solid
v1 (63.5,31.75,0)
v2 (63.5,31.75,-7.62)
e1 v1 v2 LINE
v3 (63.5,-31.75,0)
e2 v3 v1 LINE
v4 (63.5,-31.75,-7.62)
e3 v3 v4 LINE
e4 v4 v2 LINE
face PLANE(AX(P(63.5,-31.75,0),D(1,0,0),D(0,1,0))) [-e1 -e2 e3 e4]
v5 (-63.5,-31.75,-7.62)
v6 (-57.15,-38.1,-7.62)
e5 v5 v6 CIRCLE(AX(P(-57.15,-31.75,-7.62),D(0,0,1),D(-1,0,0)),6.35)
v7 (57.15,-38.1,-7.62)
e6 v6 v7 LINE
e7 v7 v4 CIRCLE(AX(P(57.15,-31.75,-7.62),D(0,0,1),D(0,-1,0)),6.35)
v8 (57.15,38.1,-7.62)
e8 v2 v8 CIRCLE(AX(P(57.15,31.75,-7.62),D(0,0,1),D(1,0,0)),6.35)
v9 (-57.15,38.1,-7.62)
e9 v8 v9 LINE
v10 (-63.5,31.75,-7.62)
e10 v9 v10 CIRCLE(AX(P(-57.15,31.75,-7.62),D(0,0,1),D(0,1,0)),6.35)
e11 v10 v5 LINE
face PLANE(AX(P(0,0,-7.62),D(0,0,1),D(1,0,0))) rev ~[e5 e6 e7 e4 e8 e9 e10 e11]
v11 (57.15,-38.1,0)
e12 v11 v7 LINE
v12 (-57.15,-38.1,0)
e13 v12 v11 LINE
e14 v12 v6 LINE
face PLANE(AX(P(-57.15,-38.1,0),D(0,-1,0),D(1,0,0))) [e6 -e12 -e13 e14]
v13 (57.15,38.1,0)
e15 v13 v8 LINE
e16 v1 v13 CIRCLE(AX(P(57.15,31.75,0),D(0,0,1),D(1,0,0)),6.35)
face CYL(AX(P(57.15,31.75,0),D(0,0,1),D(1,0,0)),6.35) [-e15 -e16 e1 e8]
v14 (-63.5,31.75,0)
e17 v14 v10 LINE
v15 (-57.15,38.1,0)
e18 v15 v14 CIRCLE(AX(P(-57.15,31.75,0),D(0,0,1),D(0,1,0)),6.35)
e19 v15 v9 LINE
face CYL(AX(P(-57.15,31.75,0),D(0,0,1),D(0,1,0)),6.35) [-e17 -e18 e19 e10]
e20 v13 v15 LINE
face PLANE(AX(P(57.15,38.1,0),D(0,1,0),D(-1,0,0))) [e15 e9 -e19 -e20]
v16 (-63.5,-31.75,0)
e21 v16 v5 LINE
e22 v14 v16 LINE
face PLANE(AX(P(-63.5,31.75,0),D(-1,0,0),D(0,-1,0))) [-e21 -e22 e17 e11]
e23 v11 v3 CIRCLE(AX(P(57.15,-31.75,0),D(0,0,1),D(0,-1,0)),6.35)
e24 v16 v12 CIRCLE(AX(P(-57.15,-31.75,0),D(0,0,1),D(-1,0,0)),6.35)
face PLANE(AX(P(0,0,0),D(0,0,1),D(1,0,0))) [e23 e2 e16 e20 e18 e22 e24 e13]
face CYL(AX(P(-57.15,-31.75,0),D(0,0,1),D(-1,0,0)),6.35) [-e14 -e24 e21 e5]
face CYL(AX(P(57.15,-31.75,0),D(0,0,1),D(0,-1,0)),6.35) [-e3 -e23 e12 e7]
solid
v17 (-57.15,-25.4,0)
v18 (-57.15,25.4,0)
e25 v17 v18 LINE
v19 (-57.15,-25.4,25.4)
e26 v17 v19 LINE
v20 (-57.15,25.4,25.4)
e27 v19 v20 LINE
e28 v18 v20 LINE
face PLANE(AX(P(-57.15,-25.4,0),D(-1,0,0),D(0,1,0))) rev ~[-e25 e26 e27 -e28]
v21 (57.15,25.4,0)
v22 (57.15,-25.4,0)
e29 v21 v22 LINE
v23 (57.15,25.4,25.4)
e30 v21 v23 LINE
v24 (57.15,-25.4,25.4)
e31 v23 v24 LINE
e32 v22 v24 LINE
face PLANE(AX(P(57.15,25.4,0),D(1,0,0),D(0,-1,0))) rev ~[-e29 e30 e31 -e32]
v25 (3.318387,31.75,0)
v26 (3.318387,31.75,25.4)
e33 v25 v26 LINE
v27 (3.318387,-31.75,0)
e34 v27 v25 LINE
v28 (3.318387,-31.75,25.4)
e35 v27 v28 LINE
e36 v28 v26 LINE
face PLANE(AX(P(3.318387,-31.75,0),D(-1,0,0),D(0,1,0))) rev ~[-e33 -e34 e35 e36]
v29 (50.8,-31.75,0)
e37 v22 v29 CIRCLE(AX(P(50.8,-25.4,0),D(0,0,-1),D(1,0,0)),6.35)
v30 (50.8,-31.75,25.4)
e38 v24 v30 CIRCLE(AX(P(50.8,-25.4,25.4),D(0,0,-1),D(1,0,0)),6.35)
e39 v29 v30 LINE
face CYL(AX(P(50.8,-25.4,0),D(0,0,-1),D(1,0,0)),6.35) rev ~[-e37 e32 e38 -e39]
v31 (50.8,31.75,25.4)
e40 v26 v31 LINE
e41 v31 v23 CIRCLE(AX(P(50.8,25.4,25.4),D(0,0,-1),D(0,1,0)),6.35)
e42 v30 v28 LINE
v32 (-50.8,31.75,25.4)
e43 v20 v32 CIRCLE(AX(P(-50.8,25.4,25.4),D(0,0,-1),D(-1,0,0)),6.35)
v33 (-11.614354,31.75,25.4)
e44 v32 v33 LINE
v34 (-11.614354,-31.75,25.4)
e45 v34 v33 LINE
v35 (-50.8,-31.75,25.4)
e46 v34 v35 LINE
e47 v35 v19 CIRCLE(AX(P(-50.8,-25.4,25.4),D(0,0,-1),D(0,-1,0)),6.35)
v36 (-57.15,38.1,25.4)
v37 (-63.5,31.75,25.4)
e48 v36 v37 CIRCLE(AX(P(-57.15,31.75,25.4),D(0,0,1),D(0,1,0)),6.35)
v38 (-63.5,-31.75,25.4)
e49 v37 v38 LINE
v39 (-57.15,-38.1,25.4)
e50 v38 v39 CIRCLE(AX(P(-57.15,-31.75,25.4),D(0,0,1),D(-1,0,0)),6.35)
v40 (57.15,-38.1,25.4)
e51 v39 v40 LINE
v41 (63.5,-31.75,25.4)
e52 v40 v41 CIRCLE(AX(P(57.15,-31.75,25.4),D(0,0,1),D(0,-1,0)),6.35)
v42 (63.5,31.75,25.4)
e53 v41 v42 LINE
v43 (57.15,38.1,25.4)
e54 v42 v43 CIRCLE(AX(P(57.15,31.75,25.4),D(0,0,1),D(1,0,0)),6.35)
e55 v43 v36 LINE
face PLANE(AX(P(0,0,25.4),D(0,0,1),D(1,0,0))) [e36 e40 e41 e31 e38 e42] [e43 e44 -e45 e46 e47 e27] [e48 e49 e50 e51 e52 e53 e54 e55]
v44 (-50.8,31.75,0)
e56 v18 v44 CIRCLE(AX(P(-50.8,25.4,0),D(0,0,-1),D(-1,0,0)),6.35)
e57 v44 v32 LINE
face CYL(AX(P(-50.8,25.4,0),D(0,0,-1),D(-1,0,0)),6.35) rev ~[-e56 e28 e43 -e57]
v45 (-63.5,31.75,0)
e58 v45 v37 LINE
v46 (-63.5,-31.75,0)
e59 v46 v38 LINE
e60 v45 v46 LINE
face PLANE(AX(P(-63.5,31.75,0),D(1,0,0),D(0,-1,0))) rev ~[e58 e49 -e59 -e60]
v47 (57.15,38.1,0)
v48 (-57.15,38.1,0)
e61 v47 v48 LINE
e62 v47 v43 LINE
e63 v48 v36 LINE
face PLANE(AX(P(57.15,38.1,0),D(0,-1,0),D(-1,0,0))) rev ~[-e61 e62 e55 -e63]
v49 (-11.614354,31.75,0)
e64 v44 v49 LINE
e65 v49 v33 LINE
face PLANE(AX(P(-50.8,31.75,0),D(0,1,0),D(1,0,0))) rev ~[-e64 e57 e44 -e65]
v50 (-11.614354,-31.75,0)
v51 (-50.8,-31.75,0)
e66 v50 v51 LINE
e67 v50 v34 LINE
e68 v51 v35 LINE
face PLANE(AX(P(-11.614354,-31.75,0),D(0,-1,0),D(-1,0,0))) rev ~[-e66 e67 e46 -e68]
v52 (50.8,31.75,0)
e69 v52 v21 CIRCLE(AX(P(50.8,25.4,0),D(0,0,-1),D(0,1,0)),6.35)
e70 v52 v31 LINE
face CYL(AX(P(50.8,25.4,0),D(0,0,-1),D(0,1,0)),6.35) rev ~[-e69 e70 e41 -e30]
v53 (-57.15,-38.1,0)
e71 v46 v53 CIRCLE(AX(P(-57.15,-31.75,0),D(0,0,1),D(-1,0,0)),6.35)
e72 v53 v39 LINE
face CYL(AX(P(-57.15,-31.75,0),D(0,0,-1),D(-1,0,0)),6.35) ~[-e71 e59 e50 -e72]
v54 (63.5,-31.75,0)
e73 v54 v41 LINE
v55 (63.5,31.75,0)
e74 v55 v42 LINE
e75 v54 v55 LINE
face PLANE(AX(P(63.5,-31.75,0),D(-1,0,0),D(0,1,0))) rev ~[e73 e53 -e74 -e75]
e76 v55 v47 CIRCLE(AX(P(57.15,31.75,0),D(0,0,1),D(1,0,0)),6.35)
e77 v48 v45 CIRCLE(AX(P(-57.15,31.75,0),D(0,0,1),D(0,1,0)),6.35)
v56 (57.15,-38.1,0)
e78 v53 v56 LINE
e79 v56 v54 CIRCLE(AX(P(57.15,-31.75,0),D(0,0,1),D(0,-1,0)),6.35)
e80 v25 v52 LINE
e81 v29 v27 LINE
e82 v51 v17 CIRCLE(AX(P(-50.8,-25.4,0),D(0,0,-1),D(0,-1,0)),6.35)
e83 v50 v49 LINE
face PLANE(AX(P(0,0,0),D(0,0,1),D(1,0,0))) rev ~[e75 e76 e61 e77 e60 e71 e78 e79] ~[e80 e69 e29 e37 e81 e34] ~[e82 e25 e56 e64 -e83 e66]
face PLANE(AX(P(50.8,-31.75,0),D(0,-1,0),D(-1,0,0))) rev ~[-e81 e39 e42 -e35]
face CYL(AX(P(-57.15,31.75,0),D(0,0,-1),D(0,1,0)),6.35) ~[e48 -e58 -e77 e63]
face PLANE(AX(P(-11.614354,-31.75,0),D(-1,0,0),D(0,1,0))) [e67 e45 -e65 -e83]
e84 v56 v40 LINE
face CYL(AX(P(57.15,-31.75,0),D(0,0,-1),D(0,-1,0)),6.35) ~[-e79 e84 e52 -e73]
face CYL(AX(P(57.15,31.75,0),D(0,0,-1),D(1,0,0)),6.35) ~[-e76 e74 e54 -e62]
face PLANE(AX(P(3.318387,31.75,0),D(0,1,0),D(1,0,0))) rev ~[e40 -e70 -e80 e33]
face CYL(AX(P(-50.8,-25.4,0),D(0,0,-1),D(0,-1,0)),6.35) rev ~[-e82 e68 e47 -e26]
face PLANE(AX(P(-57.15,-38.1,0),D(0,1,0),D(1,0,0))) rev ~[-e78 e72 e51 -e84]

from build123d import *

# Parameters (mm, degrees)
F0_W     = 14.9327409454
F0_H     = 63.5
F1_DEPTH = 25.4
F2_DEPTH = 7.62


with BuildPart() as f1:
    # F0 (on Top) → F1 (new body)
    with BuildSketch(Plane.XY):
        with BuildLine():
            ThreePointArc((63.5, 31.75), (61.6401280605, 36.2401280605), (57.15, 38.1))
            Line((57.15, 38.1), (-57.15, 38.1))
            ThreePointArc((-57.15, 38.1), (-61.6401280605, 36.2401280605), (-63.5, 31.75))
            Line((-63.5, 31.75), (-63.5, -31.75))
            ThreePointArc((-63.5, -31.75), (-61.6401280605, -36.2401280605), (-57.15, -38.1))
            Line((-57.15, -38.1), (57.15, -38.1))
            ThreePointArc((57.15, -38.1), (61.6401280605, -36.2401280605), (63.5, -31.75))
            Line((63.5, -31.75), (63.5, 31.75))
        make_face()
        with BuildLine():
            Line((3.318386618, 31.75), (50.8, 31.75))
            ThreePointArc((50.8, 31.75), (55.2901280605, 29.8901280605), (57.15, 25.4))
            Line((57.15, 25.4), (57.15, -25.4))
            ThreePointArc((57.15, -25.4), (55.2901280605, -29.8901280605), (50.8, -31.75))
            Line((50.8, -31.75), (3.318386618, -31.75))
            Line((3.318386618, -31.75), (-11.6143543273, -31.75))
            Line((-11.6143543273, -31.75), (-50.8, -31.75))
            ThreePointArc((-50.8, -31.75), (-55.2901280605, -29.8901280605), (-57.15, -25.4))
            Line((-57.15, -25.4), (-57.15, 25.4))
            ThreePointArc((-57.15, 25.4), (-55.2901280605, 29.8901280605), (-50.8, 31.75))
            Line((-50.8, 31.75), (-11.6143543273, 31.75))
            Line((-11.6143543273, 31.75), (3.318386618, 31.75))
        make_face(mode=Mode.SUBTRACT)
        with Locations((-4.1479838546, 0)):
            Rectangle(F0_W, F0_H)
    extrude(amount=F1_DEPTH)


with BuildPart() as f2:
    # F0 (on Top) → F2 (new body)
    with BuildSketch(Plane.XY):
        with BuildLine():
            ThreePointArc((63.5, 31.75), (61.6401280605, 36.2401280605), (57.15, 38.1))
            Line((57.15, 38.1), (-57.15, 38.1))
            ThreePointArc((-57.15, 38.1), (-61.6401280605, 36.2401280605), (-63.5, 31.75))
            Line((-63.5, 31.75), (-63.5, -31.75))
            ThreePointArc((-63.5, -31.75), (-61.6401280605, -36.2401280605), (-57.15, -38.1))
            Line((-57.15, -38.1), (57.15, -38.1))
            ThreePointArc((57.15, -38.1), (61.6401280605, -36.2401280605), (63.5, -31.75))
            Line((63.5, -31.75), (63.5, 31.75))
        make_face()
        with BuildLine():
            Line((3.318386618, 31.75), (50.8, 31.75))
            ThreePointArc((50.8, 31.75), (55.2901280605, 29.8901280605), (57.15, 25.4))
            Line((57.15, 25.4), (57.15, -25.4))
            ThreePointArc((57.15, -25.4), (55.2901280605, -29.8901280605), (50.8, -31.75))
            Line((50.8, -31.75), (3.318386618, -31.75))
            Line((3.318386618, -31.75), (-11.6143543273, -31.75))
            Line((-11.6143543273, -31.75), (-50.8, -31.75))
            ThreePointArc((-50.8, -31.75), (-55.2901280605, -29.8901280605), (-57.15, -25.4))
            Line((-57.15, -25.4), (-57.15, 25.4))
            ThreePointArc((-57.15, 25.4), (-55.2901280605, 29.8901280605), (-50.8, 31.75))
            Line((-50.8, 31.75), (-11.6143543273, 31.75))
            Line((-11.6143543273, 31.75), (3.318386618, 31.75))
        make_face(mode=Mode.SUBTRACT)
        with BuildLine():
            ThreePointArc((57.15, 25.4), (55.2901280605, 29.8901280605), (50.8, 31.75))
            Line((50.8, 31.75), (3.318386618, 31.75))
            Line((3.318386618, 31.75), (3.318386618, -31.75))
            Line((3.318386618, -31.75), (50.8, -31.75))
            ThreePointArc((50.8, -31.75), (55.2901280605, -29.8901280605), (57.15, -25.4))
            Line((57.15, -25.4), (57.15, 25.4))
        make_face()
        with Locations((-4.1479838546, 0)):
            Rectangle(F0_W, F0_H)
        with BuildLine():
            Line((-11.6143543273, -31.75), (-11.6143543273, 31.75))
            Line((-11.6143543273, 31.75), (-50.8, 31.75))
            ThreePointArc((-50.8, 31.75), (-55.2901280605, 29.8901280605), (-57.15, 25.4))
            Line((-57.15, 25.4), (-57.15, -25.4))
            ThreePointArc((-57.15, -25.4), (-55.2901280605, -29.8901280605), (-50.8, -31.75))
            Line((-50.8, -31.75), (-11.6143543273, -31.75))
        make_face()
    extrude(amount=-F2_DEPTH)


solid = Compound([f1.part, f2.part])
